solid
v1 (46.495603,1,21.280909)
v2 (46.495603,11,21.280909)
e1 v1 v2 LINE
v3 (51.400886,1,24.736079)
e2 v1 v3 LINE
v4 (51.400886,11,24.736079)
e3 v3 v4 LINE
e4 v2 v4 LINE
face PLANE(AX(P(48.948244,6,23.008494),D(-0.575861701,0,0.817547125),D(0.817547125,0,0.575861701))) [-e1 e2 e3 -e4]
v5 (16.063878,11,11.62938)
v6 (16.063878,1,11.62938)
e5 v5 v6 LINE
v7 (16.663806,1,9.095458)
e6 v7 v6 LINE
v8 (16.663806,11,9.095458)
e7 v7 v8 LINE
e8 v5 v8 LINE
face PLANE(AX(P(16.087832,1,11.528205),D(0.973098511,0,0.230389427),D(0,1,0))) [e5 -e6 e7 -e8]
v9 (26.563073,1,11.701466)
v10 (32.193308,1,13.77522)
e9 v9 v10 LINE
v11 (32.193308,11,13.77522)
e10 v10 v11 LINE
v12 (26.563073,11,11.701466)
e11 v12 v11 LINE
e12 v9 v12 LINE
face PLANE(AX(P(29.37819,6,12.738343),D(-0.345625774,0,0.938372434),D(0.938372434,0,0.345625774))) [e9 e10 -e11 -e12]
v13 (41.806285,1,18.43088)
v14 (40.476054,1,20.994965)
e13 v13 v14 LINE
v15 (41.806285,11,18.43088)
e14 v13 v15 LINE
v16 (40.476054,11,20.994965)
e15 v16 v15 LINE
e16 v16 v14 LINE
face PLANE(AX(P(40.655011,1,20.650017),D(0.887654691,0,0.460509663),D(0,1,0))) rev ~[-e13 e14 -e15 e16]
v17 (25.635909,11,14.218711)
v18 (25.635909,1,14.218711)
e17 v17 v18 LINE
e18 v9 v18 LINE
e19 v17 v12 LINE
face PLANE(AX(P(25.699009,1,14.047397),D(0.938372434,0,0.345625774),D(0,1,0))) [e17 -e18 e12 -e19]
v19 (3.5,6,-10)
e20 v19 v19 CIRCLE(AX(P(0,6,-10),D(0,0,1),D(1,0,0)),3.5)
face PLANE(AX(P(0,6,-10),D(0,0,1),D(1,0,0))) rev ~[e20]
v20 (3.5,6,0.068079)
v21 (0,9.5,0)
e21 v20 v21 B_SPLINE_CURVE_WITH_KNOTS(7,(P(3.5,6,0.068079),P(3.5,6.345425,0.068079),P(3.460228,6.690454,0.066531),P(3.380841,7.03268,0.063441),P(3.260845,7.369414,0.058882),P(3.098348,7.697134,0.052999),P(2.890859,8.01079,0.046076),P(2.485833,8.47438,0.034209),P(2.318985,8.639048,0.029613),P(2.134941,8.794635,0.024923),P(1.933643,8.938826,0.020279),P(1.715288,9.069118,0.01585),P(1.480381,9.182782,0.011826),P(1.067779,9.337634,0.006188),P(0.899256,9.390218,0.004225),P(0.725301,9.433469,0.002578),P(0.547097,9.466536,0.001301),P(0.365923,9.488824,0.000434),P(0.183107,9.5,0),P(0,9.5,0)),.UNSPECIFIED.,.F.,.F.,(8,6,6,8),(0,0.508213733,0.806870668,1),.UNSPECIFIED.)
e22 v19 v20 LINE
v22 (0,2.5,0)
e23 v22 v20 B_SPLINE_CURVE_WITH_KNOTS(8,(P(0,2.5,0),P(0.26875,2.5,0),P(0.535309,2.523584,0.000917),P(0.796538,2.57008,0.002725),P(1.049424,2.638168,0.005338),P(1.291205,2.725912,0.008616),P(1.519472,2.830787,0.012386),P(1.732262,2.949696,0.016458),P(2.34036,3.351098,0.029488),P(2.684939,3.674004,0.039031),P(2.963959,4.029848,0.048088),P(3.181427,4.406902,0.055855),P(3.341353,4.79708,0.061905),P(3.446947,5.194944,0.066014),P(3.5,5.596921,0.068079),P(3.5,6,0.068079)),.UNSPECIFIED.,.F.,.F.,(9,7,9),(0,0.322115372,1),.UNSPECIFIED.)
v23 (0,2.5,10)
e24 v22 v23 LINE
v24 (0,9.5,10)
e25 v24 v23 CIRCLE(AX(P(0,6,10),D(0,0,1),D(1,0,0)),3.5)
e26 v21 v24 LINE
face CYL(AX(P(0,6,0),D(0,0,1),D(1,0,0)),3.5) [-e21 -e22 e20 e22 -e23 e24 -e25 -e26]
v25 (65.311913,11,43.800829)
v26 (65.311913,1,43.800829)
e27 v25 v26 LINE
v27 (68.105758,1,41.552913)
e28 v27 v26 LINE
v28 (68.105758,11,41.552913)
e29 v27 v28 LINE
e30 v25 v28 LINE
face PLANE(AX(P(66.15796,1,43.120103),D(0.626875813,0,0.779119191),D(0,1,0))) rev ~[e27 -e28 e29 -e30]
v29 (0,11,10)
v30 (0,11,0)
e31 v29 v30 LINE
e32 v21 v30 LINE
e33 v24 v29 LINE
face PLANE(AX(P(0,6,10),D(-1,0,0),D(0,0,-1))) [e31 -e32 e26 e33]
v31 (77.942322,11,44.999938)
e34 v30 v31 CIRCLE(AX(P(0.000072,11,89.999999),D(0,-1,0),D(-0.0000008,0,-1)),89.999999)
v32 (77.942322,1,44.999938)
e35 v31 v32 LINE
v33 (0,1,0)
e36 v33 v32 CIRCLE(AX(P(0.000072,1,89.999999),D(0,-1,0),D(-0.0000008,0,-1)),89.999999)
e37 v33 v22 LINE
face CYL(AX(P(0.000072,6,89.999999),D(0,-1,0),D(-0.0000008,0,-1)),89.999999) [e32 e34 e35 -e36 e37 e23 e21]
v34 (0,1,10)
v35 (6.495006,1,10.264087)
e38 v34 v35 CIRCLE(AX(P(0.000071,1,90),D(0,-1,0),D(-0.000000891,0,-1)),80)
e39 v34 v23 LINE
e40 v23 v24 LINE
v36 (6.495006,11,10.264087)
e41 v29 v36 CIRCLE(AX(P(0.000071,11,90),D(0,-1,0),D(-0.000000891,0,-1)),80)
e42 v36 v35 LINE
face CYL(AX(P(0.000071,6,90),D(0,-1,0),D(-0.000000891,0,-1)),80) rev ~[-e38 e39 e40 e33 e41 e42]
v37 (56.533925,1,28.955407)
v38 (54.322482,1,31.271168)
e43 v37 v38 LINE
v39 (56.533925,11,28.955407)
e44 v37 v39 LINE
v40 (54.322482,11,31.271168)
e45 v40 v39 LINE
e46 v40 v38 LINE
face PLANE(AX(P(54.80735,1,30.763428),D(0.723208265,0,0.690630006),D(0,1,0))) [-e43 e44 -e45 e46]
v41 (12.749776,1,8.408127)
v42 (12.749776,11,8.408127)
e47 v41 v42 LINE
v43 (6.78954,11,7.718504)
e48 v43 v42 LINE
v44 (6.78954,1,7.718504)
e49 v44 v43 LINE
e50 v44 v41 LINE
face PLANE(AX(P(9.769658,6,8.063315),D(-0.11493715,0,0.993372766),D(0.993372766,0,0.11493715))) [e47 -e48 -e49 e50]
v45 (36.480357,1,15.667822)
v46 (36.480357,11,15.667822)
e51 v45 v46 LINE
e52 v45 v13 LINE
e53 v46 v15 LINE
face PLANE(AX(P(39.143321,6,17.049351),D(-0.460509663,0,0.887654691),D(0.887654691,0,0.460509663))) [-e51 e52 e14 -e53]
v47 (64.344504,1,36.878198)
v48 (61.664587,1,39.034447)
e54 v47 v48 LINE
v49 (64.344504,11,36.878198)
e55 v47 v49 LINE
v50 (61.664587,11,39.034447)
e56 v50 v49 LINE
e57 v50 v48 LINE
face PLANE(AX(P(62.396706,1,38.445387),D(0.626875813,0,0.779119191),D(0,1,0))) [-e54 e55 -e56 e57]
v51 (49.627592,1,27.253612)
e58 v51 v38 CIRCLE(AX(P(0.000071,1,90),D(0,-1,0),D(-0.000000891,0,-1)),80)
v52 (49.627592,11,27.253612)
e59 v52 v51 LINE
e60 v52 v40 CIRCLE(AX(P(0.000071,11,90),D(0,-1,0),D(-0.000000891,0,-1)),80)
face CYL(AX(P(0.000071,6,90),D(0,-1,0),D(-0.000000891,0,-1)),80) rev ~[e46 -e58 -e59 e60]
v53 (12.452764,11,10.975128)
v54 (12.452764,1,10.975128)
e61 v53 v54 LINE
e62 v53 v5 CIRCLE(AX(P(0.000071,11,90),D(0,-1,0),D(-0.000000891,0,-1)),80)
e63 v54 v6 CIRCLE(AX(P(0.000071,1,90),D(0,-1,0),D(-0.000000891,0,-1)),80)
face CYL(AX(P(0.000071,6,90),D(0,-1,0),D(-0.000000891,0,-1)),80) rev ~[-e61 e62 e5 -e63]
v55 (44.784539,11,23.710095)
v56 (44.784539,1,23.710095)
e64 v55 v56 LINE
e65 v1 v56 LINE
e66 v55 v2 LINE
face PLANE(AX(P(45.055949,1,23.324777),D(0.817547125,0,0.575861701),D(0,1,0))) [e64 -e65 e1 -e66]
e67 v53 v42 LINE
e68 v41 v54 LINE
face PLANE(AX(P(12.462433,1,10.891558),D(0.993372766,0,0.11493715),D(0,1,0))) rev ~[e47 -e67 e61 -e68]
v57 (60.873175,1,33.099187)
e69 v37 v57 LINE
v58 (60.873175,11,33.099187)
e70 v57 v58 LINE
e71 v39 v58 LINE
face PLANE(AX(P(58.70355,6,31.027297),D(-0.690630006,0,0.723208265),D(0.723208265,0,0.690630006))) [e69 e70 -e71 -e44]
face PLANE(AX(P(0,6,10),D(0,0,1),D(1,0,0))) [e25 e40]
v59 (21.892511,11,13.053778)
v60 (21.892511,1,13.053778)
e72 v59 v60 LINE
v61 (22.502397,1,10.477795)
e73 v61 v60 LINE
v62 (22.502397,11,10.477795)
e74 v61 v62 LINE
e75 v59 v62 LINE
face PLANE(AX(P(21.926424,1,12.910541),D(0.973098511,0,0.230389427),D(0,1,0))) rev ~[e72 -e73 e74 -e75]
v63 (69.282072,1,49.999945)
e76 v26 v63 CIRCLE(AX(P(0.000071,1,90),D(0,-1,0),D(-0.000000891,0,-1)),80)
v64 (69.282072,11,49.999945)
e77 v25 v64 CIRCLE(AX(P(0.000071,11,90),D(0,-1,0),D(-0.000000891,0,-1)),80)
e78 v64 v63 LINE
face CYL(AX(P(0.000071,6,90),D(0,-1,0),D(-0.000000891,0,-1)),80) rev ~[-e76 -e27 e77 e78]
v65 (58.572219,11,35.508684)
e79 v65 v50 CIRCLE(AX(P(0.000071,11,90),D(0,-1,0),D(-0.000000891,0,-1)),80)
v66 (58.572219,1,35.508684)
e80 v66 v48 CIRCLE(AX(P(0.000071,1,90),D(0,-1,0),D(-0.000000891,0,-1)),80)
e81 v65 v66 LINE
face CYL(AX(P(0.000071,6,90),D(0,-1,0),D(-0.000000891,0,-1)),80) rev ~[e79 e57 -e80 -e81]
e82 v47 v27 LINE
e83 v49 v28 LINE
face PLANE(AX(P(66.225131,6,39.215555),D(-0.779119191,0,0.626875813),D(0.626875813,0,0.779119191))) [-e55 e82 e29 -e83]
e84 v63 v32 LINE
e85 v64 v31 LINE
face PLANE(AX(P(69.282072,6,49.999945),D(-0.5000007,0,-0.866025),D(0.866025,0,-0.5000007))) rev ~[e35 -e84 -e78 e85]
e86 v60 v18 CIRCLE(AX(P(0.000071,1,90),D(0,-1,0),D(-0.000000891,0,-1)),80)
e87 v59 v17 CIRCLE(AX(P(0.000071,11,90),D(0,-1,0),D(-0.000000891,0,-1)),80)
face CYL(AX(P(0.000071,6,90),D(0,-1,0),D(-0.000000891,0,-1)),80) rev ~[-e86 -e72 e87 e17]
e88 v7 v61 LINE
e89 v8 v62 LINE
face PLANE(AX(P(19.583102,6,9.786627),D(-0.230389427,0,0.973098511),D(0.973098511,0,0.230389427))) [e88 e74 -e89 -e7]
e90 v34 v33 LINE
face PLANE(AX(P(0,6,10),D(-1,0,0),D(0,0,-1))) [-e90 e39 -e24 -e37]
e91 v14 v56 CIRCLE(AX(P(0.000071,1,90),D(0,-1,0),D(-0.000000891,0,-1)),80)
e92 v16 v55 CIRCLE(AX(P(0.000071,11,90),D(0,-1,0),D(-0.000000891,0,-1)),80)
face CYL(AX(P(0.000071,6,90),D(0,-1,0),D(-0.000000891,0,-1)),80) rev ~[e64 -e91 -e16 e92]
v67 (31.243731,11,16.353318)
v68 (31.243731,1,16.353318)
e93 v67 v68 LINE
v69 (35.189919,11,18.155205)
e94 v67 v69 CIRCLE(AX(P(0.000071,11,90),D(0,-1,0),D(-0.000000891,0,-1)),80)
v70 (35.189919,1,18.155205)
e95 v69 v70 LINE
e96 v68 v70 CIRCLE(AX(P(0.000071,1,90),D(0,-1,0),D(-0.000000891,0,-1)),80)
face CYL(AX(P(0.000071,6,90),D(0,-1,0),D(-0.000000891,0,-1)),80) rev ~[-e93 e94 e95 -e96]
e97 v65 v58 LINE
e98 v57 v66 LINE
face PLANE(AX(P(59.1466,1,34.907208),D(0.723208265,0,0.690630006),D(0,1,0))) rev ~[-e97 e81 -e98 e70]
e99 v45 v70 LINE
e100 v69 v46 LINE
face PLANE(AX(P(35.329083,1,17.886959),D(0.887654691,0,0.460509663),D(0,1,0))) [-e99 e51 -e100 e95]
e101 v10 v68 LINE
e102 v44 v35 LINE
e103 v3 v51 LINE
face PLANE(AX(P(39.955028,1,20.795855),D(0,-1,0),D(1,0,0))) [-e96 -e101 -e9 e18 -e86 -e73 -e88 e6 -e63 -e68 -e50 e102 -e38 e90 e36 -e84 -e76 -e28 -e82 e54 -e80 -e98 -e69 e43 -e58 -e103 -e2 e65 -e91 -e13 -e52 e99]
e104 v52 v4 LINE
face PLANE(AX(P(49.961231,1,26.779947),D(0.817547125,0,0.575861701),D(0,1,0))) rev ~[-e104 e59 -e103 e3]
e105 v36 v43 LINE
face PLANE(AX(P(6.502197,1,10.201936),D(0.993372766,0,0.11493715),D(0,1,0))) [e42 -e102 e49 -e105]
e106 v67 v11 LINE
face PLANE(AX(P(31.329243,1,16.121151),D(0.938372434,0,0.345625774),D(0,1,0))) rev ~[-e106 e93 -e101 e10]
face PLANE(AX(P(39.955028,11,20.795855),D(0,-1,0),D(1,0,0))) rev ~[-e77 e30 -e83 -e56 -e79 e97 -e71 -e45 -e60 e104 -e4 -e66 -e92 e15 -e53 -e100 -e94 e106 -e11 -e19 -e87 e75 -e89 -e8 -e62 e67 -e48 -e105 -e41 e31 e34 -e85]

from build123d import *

# Parameters (mm, degrees)
SKETCH001_R                = 3.5
EXTRUDE001_DEPTH           = 10
SKETCH012_W                = 6
SKETCH012_H                = 10
EXTRUDE013_DEPTH           = 2.5
EXTRUDE013_PLACEMENT_ANGLE = 51.18
SKETCH011_W                = 6
SKETCH011_H                = 10
EXTRUDE012_DEPTH           = 2.5
EXTRUDE012_PLACEMENT_ANGLE = 43.68
SKETCH010_W                = 6
SKETCH010_H                = 10
EXTRUDE011_DEPTH           = 2.5
EXTRUDE011_PLACEMENT_ANGLE = 35.16
SKETCH009_W                = 6
SKETCH009_H                = 10
EXTRUDE010_DEPTH           = 2.5
EXTRUDE010_PLACEMENT_ANGLE = 27.42
SKETCH008_W                = 6
SKETCH008_H                = 10
EXTRUDE009_DEPTH           = 2.5
EXTRUDE009_PLACEMENT_ANGLE = 20.22
SKETCH007_W                = 6
SKETCH007_H                = 10
EXTRUDE008_DEPTH           = 2.5
EXTRUDE008_PLACEMENT_ANGLE = 13.32
SKETCH005_W                = 6
SKETCH005_H                = 10
EXTRUDE006_DEPTH           = 2.5
EXTRUDE006_PLACEMENT_ANGLE = 6.6
EXTRUDE002_DEPTH           = 5


with BuildPart() as extrude001:
    # Sketch001 → Extrude001 (new body, symmetric)
    with BuildSketch(Plane.XY):
        Circle(SKETCH001_R)
    extrude(amount=EXTRUDE001_DEPTH, both=True)


with BuildPart() as extrude013:
    # Sketch012 → Extrude013 (new body, symmetric)
    with BuildSketch(Plane.XY):
        Rectangle(SKETCH012_W, SKETCH012_H)
    extrude(amount=EXTRUDE013_DEPTH, both=True)


with BuildPart() as extrude013_1:
    # Extrude013 placement: moved
    add(extrude013.part.moved(Location((64.277333, 0, 40.782745))).rotate(Axis((64.277333, 0, 40.782745), (0, -1, 0)), EXTRUDE013_PLACEMENT_ANGLE))


with BuildPart() as extrude012:
    # Sketch011 → Extrude012 (new body, symmetric)
    with BuildSketch(Plane.XY):
        Rectangle(SKETCH011_W, SKETCH011_H)
    extrude(amount=EXTRUDE012_DEPTH, both=True)


with BuildPart() as extrude012_1:
    # Extrude012 placement: moved
    add(extrude012.part.moved(Location((56.976975, 0, 32.835318))).rotate(Axis((56.976975, 0, 32.835318), (0, -1, 0)), EXTRUDE012_PLACEMENT_ANGLE))


with BuildPart() as extrude011:
    # Sketch010 → Extrude011 (new body, symmetric)
    with BuildSketch(Plane.XY):
        Rectangle(SKETCH010_W, SKETCH010_H)
    extrude(amount=EXTRUDE011_DEPTH, both=True)


with BuildPart() as extrude011_1:
    # Extrude011 placement: moved
    add(extrude011.part.moved(Location((47.50859, 0, 25.052362))).rotate(Axis((47.50859, 0, 25.052362), (0, -1, 0)), EXTRUDE011_PLACEMENT_ANGLE))


with BuildPart() as extrude010:
    # Sketch009 → Extrude010 (new body, symmetric)
    with BuildSketch(Plane.XY):
        Rectangle(SKETCH009_W, SKETCH009_H)
    extrude(amount=EXTRUDE010_DEPTH, both=True)


with BuildPart() as extrude010_1:
    # Extrude010 placement: moved
    add(extrude010.part.moved(Location((37.992047, 0, 19.268488))).rotate(Axis((37.992047, 0, 19.268488), (0, -1, 0)), EXTRUDE010_PLACEMENT_ANGLE))


with BuildPart() as extrude009:
    # Sketch008 → Extrude009 (new body, symmetric)
    with BuildSketch(Plane.XY):
        Rectangle(SKETCH008_W, SKETCH008_H)
    extrude(amount=EXTRUDE009_DEPTH, both=True)


with BuildPart() as extrude009_1:
    # Extrude009 placement: moved
    add(extrude009.part.moved(Location((28.514126, 0, 15.084274))).rotate(Axis((28.514126, 0, 15.084274), (0, -1, 0)), EXTRUDE009_PLACEMENT_ANGLE))


with BuildPart() as extrude008:
    # Sketch007 → Extrude008 (new body, symmetric)
    with BuildSketch(Plane.XY):
        Rectangle(SKETCH007_W, SKETCH007_H)
    extrude(amount=EXTRUDE008_DEPTH, both=True)


with BuildPart() as extrude008_1:
    # Extrude008 placement: moved
    add(extrude008.part.moved(Location((19.007128, 0, 12.219373))).rotate(Axis((19.007128, 0, 12.219373), (0, -1, 0)), EXTRUDE008_PLACEMENT_ANGLE))


with BuildPart() as extrude006:
    # Sketch005 → Extrude006 (new body, symmetric)
    with BuildSketch(Plane.XY):
        Rectangle(SKETCH005_W, SKETCH005_H)
    extrude(amount=EXTRUDE006_DEPTH, both=True)


with BuildPart() as extrude006_1:
    # Extrude006 placement: moved
    add(extrude006.part.moved(Location((9.482315, 0, 10.546747))).rotate(Axis((9.482315, 0, 10.546747), (0, -1, 0)), EXTRUDE006_PLACEMENT_ANGLE))


with BuildPart() as fusion:
    # Sketch002 → Extrude002 (new body, symmetric)
    with BuildSketch(Plane.XZ):
        with BuildLine():
            ThreePointArc((0, 0), (45.00001, 12.057678), (77.942322, 44.999938))
            Line((69.282072, 49.999945), (77.942322, 44.999938))
            ThreePointArc((0, 10), (40.000013, 20.717934), (69.282072, 49.999945))
            Line((0, 10), (0, 0))
        make_face()
    extrude(amount=EXTRUDE002_DEPTH, both=True)

    # Cut: cut Extrude006
    add(extrude006_1.part, mode=Mode.SUBTRACT)

    # Cut001: cut Extrude008
    add(extrude008_1.part, mode=Mode.SUBTRACT)

    # Cut002: cut Extrude009
    add(extrude009_1.part, mode=Mode.SUBTRACT)

    # Cut003: cut Extrude010
    add(extrude010_1.part, mode=Mode.SUBTRACT)

    # Cut004: cut Extrude011
    add(extrude011_1.part, mode=Mode.SUBTRACT)

    # Cut005: cut Extrude012
    add(extrude012_1.part, mode=Mode.SUBTRACT)

    # Cut006: cut Extrude013
    add(extrude013_1.part, mode=Mode.SUBTRACT)

    # Fusion: union Extrude001
    add(extrude001.part)


with BuildPart() as fusion_1:
    # Fusion placement: moved
    add(fusion.part.moved(Location((0, 6, 0))))


solid = fusion_1.part
